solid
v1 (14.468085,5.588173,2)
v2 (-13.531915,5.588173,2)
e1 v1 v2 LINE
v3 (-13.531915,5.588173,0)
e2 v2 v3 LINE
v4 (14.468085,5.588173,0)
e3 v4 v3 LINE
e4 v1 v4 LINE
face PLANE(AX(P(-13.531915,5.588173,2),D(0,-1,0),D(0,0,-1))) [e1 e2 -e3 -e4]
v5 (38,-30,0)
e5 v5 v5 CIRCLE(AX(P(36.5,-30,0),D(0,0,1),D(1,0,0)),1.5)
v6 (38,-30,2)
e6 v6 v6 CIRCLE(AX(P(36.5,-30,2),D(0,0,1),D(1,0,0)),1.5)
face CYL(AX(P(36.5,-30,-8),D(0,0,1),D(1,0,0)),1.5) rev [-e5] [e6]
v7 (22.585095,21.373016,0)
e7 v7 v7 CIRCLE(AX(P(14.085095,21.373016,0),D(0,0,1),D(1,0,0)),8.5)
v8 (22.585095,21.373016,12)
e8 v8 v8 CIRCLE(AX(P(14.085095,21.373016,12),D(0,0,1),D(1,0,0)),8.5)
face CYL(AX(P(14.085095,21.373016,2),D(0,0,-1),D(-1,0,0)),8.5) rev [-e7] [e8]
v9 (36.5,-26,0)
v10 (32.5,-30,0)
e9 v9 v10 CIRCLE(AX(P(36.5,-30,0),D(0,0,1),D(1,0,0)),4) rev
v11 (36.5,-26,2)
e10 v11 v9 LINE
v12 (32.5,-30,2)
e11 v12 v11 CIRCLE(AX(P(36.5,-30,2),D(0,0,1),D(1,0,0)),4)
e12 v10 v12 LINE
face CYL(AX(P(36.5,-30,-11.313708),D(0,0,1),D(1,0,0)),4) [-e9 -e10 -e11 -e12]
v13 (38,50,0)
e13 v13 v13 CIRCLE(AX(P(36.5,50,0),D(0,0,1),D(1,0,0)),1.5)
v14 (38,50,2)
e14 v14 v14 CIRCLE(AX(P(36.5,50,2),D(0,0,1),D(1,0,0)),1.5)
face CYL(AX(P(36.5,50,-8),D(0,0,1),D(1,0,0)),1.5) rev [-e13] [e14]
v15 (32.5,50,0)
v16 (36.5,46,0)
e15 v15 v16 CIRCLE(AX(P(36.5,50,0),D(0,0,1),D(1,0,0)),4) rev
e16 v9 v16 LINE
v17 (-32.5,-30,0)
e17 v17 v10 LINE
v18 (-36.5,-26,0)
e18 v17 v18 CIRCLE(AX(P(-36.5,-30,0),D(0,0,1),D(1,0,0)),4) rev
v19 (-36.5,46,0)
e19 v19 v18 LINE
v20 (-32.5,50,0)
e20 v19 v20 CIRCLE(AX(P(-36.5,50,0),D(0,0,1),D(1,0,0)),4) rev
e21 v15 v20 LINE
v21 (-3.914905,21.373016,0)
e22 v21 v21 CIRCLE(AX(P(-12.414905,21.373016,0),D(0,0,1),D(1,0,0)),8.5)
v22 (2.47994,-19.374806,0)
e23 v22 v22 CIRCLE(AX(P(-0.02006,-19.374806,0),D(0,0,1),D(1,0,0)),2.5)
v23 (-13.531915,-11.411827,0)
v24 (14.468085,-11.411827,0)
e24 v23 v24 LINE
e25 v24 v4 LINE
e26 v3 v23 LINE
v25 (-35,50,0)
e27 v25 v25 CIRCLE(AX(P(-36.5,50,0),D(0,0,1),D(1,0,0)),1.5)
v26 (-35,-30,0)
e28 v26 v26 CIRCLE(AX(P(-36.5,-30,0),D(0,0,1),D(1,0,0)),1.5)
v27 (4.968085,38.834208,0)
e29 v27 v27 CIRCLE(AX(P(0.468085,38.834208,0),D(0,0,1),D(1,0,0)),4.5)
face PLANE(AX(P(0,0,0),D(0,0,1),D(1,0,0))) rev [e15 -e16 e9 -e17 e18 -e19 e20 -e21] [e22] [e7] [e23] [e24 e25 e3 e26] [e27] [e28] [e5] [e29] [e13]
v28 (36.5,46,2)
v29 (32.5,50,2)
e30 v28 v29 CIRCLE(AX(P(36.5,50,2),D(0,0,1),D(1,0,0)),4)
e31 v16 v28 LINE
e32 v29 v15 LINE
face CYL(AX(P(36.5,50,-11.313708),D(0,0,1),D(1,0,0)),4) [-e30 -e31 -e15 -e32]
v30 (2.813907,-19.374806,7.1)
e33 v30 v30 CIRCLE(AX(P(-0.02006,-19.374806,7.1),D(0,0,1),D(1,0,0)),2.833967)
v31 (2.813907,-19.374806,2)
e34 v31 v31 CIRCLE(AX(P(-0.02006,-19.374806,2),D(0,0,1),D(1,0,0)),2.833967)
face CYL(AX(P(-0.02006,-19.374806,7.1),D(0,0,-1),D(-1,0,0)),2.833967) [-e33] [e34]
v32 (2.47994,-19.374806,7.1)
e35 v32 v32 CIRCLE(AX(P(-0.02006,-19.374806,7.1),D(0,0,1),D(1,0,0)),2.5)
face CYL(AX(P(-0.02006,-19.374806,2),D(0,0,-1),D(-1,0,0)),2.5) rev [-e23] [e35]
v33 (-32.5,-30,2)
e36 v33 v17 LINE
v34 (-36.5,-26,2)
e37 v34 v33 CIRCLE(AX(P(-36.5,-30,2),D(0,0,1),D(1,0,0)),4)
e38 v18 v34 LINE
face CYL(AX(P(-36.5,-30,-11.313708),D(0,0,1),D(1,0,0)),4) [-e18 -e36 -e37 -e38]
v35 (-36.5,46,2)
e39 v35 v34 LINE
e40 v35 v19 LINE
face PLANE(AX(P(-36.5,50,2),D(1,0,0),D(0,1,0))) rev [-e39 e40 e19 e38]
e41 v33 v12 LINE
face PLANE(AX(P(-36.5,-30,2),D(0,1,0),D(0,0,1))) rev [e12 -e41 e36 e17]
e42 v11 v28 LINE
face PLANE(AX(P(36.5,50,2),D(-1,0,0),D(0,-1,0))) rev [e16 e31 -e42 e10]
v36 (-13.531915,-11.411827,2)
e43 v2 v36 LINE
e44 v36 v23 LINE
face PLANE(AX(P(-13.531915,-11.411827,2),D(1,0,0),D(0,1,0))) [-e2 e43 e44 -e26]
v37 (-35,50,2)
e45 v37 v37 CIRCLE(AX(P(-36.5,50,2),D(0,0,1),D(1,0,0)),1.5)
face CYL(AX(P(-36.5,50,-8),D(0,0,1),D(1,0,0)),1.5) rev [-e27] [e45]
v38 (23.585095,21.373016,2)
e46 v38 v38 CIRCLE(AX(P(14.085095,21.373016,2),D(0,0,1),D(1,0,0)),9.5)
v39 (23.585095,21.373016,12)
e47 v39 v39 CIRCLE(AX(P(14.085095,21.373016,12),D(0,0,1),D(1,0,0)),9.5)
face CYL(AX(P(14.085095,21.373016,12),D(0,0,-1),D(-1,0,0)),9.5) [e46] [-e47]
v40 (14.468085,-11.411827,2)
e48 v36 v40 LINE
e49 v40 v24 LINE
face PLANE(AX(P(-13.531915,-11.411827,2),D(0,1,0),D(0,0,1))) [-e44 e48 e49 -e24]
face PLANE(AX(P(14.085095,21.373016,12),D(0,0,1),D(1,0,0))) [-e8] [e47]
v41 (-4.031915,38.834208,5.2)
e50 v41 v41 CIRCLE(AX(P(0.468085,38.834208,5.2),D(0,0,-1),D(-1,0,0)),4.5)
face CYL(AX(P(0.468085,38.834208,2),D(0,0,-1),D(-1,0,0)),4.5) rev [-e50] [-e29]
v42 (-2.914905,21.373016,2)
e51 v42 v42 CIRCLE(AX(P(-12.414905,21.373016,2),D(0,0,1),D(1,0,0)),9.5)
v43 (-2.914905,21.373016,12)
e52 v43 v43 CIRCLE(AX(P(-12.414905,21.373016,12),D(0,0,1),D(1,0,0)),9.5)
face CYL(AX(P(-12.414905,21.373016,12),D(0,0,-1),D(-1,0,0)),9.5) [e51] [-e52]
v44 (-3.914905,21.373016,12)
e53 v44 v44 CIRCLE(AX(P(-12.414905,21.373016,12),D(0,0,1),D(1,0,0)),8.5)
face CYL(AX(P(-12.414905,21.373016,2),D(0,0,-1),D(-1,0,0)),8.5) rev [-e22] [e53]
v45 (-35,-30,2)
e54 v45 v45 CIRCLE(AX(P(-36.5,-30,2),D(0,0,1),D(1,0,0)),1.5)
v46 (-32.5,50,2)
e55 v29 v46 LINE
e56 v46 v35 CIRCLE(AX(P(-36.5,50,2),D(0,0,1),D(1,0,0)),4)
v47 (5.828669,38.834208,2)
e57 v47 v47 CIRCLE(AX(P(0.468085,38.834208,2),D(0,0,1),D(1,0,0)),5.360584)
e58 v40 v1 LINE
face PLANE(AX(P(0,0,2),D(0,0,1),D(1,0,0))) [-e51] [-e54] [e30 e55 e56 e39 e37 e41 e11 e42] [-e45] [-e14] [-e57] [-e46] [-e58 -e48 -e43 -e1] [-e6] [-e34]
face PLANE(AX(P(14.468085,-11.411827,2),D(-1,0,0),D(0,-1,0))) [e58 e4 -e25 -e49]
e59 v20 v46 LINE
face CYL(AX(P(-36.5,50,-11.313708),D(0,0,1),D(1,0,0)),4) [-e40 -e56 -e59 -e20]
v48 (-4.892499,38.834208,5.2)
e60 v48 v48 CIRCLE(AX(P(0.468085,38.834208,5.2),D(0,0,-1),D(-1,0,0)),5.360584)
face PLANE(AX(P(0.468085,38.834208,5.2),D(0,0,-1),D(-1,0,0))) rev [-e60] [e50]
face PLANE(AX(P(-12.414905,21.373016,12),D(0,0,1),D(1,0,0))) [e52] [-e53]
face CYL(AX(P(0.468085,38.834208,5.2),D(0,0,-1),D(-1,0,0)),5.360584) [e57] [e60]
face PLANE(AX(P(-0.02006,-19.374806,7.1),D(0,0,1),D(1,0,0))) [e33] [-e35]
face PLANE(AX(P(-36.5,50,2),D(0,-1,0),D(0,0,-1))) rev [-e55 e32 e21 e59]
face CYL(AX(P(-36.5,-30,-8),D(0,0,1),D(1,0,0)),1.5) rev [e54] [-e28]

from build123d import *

# Parameters (mm, degrees)
SKETCH1_W           = 73
SKETCH1_H           = 80
SKETCH1_R           = 8.5
SKETCH1_R_2         = 4.5
SKETCH1_R_3         = 2.5
SKETCH1_W_2         = 28
SKETCH1_H_2         = 17
BOSS_EXTRUDE3_DEPTH = 2
SKETCH2_R           = 4
BOSS_EXTRUDE4_DEPTH = 2
SKETCH3_R           = 1.5
CUT_EXTRUDE1_DEPTH  = 10
SKETCH4_R           = 9.5
SKETCH4_R_2         = 8.5
BOSS_EXTRUDE5_DEPTH = 10
SKETCH5_R           = 5.360584101
SKETCH5_R_2         = 4.5
BOSS_EXTRUDE6_DEPTH = 5.2
SKETCH7_R           = 2.833966857
SKETCH7_R_2         = 2.5
BOSS_EXTRUDE7_DEPTH = 5.1


with BuildPart() as part:
    # Sketch1 → Boss-Extrude3 (new body)
    with BuildSketch(Plane.XY):
        with Locations((0, 10)):
            Rectangle(SKETCH1_W, SKETCH1_H)
        with Locations((-12.414904508, 21.373016215)):
            Circle(SKETCH1_R, mode=Mode.SUBTRACT)
        with Locations((14.085095492, 21.373016215)):
            Circle(SKETCH1_R, mode=Mode.SUBTRACT)
        with Locations((0.468085113, 38.834207529)):
            Circle(SKETCH1_R_2, mode=Mode.SUBTRACT)
        with Locations((-0.020060086, -19.374805823)):
            Circle(SKETCH1_R_3, mode=Mode.SUBTRACT)
        with Locations((0.468085113, -2.91182709)):
            Rectangle(SKETCH1_W_2, SKETCH1_H_2, mode=Mode.SUBTRACT)
    extrude(amount=BOSS_EXTRUDE3_DEPTH)

    # Sketch2 → Boss-Extrude4 (add)
    with BuildSketch(Plane.XY.offset(2)):
        with Locations((-36.5, 50)):
            Circle(SKETCH2_R)
        with Locations((36.5, 50)):
            Circle(SKETCH2_R)
        with Locations((36.5, -30)):
            Circle(SKETCH2_R)
        with Locations((-36.5, -30)):
            Circle(SKETCH2_R)
    extrude(amount=-BOSS_EXTRUDE4_DEPTH)

    # Sketch3 → Cut-Extrude1 (cut)
    with BuildSketch(Plane.XY.offset(2)):
        with Locations((-36.5, 50)):
            Circle(SKETCH3_R)
        with Locations((36.5, 50)):
            Circle(SKETCH3_R)
        with Locations((36.5, -30)):
            Circle(SKETCH3_R)
        with Locations((-36.5, -30)):
            Circle(SKETCH3_R)
    extrude(amount=-CUT_EXTRUDE1_DEPTH, mode=Mode.SUBTRACT)

    # Sketch4 → Boss-Extrude5 (add)
    with BuildSketch(Plane.XY.offset(2)):
        with Locations((-12.414904508, 21.373016215)):
            Circle(SKETCH4_R)
        with Locations((-12.414904508, 21.373016215)):
            Circle(SKETCH4_R_2, mode=Mode.SUBTRACT)
        with Locations((14.085095492, 21.373016215)):
            Circle(SKETCH4_R)
        with Locations((14.085095492, 21.373016215)):
            Circle(SKETCH4_R_2, mode=Mode.SUBTRACT)
    extrude(amount=BOSS_EXTRUDE5_DEPTH)

    # Sketch5 → Boss-Extrude6 (add)
    with BuildSketch(Plane(origin=(0, 0, 0), x_dir=(-1, 0, 0), z_dir=(0, 0, -1))):
        with Locations((-0.468085113, 38.834207529)):
            Circle(SKETCH5_R)
        with Locations((-0.468085113, 38.834207529)):
            Circle(SKETCH5_R_2, mode=Mode.SUBTRACT)
    extrude(amount=-BOSS_EXTRUDE6_DEPTH)

    # Sketch7 → Boss-Extrude7 (add)
    with BuildSketch(Plane.XY.offset(2)):
        with Locations((-0.020060086, -19.374805823)):
            Circle(SKETCH7_R)
        with Locations((-0.020060086, -19.374805823)):
            Circle(SKETCH7_R_2, mode=Mode.SUBTRACT)
    extrude(amount=BOSS_EXTRUDE7_DEPTH)


solid = part.part
